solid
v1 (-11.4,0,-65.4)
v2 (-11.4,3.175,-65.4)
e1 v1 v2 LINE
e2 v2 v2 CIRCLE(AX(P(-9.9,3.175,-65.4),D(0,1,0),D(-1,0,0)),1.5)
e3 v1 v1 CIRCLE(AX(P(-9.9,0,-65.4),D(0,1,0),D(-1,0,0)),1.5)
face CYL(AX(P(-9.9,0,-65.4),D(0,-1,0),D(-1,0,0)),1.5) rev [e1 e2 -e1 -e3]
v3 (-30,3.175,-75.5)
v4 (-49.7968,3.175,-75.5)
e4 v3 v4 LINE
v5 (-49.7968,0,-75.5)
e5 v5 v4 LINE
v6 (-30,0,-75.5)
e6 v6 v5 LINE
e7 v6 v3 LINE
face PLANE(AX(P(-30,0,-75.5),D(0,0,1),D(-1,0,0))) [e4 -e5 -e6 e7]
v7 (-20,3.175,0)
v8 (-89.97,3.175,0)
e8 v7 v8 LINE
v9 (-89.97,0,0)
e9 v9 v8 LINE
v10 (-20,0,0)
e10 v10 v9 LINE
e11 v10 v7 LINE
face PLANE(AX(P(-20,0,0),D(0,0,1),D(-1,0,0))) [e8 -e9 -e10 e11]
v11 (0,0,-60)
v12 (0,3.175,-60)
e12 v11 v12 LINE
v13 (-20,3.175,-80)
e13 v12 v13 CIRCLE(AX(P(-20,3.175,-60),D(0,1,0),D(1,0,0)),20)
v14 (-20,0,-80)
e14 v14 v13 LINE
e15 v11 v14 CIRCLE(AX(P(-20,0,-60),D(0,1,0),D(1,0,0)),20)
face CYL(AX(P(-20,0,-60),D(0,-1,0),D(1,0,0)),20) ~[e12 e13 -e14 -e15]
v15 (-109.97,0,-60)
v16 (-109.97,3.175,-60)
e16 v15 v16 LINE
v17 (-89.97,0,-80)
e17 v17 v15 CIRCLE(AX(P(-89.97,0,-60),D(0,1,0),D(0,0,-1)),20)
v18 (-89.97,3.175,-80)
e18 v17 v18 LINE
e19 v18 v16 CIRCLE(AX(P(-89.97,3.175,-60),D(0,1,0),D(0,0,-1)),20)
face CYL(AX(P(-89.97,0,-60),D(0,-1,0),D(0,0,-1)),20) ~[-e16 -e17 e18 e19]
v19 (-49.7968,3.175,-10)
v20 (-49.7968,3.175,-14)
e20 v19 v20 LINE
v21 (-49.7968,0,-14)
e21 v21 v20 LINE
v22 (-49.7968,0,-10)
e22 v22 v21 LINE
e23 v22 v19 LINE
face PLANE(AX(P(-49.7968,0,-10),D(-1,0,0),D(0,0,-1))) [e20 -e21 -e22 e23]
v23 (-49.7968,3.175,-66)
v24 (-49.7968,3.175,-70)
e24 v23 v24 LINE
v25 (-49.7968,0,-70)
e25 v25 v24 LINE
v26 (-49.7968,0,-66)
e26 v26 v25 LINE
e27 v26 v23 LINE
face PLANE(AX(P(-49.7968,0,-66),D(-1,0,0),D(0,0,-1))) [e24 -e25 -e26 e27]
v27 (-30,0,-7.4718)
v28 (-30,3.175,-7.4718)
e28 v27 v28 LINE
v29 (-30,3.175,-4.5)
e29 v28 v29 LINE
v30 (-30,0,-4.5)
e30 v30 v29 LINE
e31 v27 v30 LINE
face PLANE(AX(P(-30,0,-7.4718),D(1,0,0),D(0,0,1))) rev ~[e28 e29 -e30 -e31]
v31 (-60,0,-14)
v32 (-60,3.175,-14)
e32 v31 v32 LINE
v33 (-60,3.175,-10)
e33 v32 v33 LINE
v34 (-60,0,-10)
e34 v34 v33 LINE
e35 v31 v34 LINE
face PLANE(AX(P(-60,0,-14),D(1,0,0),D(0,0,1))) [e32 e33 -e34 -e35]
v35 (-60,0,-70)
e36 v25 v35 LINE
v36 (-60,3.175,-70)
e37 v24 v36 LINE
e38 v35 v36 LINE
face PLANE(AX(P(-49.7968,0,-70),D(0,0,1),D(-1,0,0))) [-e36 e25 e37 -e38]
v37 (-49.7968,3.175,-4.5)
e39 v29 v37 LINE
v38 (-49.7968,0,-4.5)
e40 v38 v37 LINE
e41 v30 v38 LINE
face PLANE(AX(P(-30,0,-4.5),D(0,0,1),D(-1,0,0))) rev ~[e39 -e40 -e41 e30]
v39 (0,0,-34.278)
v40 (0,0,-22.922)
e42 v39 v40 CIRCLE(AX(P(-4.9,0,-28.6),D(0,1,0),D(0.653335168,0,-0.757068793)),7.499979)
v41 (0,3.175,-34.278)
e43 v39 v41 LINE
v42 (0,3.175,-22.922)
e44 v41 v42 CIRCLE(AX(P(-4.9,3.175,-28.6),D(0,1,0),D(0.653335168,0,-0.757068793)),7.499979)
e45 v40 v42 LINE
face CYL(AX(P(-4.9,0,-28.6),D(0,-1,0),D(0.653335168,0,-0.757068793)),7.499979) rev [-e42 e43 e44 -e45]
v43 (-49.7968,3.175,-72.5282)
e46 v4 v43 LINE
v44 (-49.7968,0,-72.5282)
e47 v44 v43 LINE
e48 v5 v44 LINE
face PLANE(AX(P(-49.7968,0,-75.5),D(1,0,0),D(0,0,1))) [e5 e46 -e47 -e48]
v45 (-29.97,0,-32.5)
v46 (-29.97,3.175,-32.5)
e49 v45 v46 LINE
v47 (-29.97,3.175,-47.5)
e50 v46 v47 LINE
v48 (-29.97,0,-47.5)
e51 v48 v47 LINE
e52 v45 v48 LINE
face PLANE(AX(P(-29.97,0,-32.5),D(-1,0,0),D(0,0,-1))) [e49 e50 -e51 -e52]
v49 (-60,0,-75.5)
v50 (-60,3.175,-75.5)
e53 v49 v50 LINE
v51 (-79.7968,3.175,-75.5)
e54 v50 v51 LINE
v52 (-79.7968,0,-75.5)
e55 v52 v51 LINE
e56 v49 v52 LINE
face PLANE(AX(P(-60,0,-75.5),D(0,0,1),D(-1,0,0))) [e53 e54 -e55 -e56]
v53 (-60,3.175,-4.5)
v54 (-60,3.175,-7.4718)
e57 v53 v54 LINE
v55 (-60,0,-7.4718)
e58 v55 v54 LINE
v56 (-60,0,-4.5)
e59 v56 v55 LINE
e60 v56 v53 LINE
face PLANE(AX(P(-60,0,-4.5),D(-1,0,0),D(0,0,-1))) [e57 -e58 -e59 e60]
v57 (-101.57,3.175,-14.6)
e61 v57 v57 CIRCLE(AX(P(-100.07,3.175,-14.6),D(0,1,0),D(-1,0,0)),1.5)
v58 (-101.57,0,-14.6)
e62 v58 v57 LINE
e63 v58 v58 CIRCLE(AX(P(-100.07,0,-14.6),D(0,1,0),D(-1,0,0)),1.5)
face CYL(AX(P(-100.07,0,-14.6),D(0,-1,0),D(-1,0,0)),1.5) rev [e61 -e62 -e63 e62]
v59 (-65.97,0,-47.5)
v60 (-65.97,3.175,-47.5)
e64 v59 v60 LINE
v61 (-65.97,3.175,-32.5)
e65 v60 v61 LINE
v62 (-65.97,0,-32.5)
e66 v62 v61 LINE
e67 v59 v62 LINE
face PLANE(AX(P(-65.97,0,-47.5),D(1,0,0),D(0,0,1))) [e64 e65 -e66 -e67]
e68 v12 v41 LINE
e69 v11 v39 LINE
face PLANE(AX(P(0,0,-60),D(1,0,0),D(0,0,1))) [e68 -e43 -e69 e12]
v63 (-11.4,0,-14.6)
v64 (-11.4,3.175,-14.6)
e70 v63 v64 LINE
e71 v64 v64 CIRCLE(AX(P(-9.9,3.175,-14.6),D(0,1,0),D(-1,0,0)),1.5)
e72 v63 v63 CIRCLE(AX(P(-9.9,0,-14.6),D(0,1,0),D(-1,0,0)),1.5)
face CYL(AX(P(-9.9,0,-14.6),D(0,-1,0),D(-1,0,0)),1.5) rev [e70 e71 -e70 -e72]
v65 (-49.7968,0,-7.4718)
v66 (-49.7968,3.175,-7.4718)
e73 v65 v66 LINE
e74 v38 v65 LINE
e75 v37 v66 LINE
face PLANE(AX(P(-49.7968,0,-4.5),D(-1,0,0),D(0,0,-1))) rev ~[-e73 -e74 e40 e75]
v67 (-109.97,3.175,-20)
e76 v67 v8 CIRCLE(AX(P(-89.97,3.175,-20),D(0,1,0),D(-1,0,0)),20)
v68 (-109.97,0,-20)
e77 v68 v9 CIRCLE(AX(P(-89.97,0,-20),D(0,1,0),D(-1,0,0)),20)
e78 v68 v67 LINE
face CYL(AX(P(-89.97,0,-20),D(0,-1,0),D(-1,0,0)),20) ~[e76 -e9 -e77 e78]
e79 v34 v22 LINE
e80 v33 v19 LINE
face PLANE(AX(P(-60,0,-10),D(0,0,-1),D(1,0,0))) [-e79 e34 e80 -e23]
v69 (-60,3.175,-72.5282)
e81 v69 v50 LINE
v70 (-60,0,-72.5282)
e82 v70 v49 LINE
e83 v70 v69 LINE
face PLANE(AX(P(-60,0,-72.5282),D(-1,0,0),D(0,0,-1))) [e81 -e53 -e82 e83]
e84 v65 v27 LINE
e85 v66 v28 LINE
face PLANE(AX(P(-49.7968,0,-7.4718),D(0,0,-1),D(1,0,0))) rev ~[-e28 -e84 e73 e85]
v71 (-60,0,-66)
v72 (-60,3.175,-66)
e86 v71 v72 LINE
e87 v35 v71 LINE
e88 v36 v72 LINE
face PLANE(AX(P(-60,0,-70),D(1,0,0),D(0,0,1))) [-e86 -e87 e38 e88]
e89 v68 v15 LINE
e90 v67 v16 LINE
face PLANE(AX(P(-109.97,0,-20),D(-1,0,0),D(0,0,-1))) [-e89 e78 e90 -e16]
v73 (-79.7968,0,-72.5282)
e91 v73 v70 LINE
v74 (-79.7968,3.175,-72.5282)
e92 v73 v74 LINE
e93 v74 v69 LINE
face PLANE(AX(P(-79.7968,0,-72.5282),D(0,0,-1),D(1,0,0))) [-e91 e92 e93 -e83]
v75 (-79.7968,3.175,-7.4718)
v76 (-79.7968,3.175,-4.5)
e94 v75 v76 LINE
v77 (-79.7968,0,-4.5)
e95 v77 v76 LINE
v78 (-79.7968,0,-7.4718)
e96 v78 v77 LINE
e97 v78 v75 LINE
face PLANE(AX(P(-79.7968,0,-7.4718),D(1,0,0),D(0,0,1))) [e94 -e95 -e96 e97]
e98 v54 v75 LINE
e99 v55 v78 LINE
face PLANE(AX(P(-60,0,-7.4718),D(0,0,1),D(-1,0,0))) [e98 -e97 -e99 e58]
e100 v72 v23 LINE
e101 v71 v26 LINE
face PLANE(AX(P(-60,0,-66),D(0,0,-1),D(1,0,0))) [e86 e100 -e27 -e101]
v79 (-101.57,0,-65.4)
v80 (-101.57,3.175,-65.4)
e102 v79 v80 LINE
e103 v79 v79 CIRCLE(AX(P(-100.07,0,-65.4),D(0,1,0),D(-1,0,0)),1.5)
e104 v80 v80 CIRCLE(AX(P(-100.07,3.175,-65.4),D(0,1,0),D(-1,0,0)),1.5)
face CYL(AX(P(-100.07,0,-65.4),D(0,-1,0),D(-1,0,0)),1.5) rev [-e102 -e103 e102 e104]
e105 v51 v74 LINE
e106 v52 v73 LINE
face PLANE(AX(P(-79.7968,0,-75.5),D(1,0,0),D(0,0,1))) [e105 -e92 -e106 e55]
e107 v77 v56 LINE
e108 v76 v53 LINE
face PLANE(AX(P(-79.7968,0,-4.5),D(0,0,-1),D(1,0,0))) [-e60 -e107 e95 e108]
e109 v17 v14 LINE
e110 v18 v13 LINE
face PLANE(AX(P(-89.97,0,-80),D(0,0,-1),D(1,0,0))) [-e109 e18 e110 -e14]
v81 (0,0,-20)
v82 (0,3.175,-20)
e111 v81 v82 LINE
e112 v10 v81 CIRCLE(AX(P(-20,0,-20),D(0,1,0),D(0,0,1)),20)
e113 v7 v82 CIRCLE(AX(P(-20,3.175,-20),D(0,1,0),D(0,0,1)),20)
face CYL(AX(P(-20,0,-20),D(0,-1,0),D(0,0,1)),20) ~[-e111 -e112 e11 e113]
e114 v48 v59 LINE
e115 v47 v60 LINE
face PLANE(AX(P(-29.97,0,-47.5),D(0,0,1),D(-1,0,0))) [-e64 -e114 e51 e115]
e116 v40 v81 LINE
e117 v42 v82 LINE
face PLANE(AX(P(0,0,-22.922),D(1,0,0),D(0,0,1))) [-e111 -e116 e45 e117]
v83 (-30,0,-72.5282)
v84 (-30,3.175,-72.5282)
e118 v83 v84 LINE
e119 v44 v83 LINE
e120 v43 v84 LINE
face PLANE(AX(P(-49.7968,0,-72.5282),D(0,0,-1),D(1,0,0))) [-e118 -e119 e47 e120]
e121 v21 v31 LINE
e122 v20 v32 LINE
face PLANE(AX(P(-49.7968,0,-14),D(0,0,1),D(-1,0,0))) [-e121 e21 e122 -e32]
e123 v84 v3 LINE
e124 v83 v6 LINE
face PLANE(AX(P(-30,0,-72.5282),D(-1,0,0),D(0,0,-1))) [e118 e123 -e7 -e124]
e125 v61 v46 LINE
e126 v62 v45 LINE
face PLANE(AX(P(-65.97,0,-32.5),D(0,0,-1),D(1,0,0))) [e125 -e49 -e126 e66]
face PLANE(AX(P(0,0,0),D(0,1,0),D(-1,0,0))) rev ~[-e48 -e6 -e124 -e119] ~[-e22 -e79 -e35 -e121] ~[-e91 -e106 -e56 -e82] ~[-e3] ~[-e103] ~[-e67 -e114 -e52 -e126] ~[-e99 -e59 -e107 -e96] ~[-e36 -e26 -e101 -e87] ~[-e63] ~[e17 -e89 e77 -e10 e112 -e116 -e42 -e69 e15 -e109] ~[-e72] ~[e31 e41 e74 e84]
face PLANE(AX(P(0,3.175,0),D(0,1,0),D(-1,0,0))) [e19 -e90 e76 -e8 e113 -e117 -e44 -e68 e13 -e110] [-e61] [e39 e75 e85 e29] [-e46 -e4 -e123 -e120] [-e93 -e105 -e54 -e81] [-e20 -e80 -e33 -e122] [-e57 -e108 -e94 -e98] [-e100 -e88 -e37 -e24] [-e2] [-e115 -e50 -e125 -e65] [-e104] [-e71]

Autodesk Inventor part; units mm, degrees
ref_plane "YZ Plane" through (0, 0, 0) normal (1, 0, 0) x (0, 1, 0)
ref_plane "XZ Plane" through (0, 0, 0) normal (0, 1, 0) x (-1, 0, 0)
ref_plane "XY Plane" through (0, 0, 0) normal (0, 0, 1) x (1, 0, 0)
sketch "Sketch3" plane through (0, 0, 0) normal (0, 1, 0) x (-1, 0, 0)
  line L0 (20, 0) -> (89.97, 0)
  line L1 (109.97, -20) -> (109.97, -60)
  line L2 (89.97, -80) -> (20, -80)
  arc A0 (109.97, -20) -> (89.97, 0) centre (89.97, -20) ccw
  arc A1 (89.97, -80) -> (109.97, -60) centre (89.97, -60) ccw
  arc A2 (0, -60) -> (20, -80) centre (20, -60) ccw
  arc A3 (20, 0) -> (0, -20) centre (20, -20) ccw
  line L3 (79.7968, -4.5) -> (60, -4.5)
  line L4 (60, -4.5) -> (60, -7.4718)
  line L5 (60, -7.4718) -> (79.7968, -7.4718)
  line L6 (79.7968, -7.4718) -> (79.7968, -4.5)
  line L7 (30, -4.5) -> (49.7968, -4.5)
  line L8 (49.7968, -4.5) -> (49.7968, -7.4718)
  line L9 (49.7968, -7.4718) -> (30, -7.4718)
  line L10 (30, -7.4718) -> (30, -4.5)
  line L11 (79.7968, -72.5282) -> (60, -72.5282)
  line L12 (60, -72.5282) -> (60, -75.5)
  line L13 (60, -75.5) -> (79.7968, -75.5)
  line L14 (79.7968, -75.5) -> (79.7968, -72.5282)
  line L15 (49.7968, -72.5282) -> (30, -72.5282)
  line L16 (30, -72.5282) -> (30, -75.5)
  line L17 (30, -75.5) -> (49.7968, -75.5)
  line L18 (49.7968, -75.5) -> (49.7968, -72.5282)
  line L19 (60, -10) -> (49.7968, -10)
  line L20 (49.7968, -10) -> (49.7968, -14)
  line L21 (49.7968, -14) -> (60, -14)
  line L22 (60, -14) -> (60, -10)
  line L23 (49.7968, -70) -> (60, -70)
  line L24 (60, -70) -> (60, -66)
  line L25 (60, -66) -> (49.7968, -66)
  line L26 (49.7968, -66) -> (49.7968, -70)
  circle A4 centre (9.9, -65.4) radius 1.5
  circle A5 centre (100.07, -65.4) radius 1.5
  circle A6 centre (9.9, -14.6) radius 1.5
  circle A7 centre (100.07, -14.6) radius 1.5
  line L27 (65.97, -32.5) -> (29.97, -32.5)
  line L28 (29.97, -32.5) -> (29.97, -47.5)
  line L29 (29.97, -47.5) -> (65.97, -47.5)
  line L30 (65.97, -47.5) -> (65.97, -32.5)
  arc A8 (0, -34.278) -> (0, -22.922) centre (4.9, -28.6) ccw
  line L31 (0, -60) -> (0, -34.278)
  line L32 (0, -22.922) -> (0, -20)
  point P0 (0, 0)
  point P1 (109.97, -80)
  point P2 (109.97, 0)
  point P3 (0, -80)
  dimension "d0" = 109.97
  dimension "d1" = 80
  dimension "d2" = 20
  dimension "d3" = 19.7968
  dimension "d4" = 2.9718
  dimension "d5" = 4.5
  dimension "d7" = 19.7968
  dimension "d9" = 2.9718
  dimension "d10" = 4.5
  dimension "d11" = 4
  dimension "d12" = 10
  dimension "d13" = 4
  dimension "d14" = 10
  dimension "d15" = 3
  dimension "d16" = 3
  dimension "d17" = 3
  dimension "d22" = 9.9
  dimension "d23" = 9.9
  dimension "d26" = 14.6
  dimension "d27" = 14.6
  dimension "d28" = 14.6
  dimension "d29" = 14.6
  dimension "d30" = 36
  dimension "d31" = 15
  dimension "d32" = 44
  dimension "d33" = 32.5
  dimension "d36" = 10.2032
extrude "Extrusion1" add sketch "Sketch3" along normal blind 3.175
equation "\"d3\" = d7"
equation "\"d9\" = d4"
equation "\"d10\" = d5"
equation "\"d14\" = d12"
equation "\"d23\" = d22"
equation "\"d27\" = d26"
equation "\"d28\" = d26"
equation "\"d29\" = d26"
equation "\"d33\" = -0.5 * d31 + 0.5 * d1"
properties part number "top_plate"
